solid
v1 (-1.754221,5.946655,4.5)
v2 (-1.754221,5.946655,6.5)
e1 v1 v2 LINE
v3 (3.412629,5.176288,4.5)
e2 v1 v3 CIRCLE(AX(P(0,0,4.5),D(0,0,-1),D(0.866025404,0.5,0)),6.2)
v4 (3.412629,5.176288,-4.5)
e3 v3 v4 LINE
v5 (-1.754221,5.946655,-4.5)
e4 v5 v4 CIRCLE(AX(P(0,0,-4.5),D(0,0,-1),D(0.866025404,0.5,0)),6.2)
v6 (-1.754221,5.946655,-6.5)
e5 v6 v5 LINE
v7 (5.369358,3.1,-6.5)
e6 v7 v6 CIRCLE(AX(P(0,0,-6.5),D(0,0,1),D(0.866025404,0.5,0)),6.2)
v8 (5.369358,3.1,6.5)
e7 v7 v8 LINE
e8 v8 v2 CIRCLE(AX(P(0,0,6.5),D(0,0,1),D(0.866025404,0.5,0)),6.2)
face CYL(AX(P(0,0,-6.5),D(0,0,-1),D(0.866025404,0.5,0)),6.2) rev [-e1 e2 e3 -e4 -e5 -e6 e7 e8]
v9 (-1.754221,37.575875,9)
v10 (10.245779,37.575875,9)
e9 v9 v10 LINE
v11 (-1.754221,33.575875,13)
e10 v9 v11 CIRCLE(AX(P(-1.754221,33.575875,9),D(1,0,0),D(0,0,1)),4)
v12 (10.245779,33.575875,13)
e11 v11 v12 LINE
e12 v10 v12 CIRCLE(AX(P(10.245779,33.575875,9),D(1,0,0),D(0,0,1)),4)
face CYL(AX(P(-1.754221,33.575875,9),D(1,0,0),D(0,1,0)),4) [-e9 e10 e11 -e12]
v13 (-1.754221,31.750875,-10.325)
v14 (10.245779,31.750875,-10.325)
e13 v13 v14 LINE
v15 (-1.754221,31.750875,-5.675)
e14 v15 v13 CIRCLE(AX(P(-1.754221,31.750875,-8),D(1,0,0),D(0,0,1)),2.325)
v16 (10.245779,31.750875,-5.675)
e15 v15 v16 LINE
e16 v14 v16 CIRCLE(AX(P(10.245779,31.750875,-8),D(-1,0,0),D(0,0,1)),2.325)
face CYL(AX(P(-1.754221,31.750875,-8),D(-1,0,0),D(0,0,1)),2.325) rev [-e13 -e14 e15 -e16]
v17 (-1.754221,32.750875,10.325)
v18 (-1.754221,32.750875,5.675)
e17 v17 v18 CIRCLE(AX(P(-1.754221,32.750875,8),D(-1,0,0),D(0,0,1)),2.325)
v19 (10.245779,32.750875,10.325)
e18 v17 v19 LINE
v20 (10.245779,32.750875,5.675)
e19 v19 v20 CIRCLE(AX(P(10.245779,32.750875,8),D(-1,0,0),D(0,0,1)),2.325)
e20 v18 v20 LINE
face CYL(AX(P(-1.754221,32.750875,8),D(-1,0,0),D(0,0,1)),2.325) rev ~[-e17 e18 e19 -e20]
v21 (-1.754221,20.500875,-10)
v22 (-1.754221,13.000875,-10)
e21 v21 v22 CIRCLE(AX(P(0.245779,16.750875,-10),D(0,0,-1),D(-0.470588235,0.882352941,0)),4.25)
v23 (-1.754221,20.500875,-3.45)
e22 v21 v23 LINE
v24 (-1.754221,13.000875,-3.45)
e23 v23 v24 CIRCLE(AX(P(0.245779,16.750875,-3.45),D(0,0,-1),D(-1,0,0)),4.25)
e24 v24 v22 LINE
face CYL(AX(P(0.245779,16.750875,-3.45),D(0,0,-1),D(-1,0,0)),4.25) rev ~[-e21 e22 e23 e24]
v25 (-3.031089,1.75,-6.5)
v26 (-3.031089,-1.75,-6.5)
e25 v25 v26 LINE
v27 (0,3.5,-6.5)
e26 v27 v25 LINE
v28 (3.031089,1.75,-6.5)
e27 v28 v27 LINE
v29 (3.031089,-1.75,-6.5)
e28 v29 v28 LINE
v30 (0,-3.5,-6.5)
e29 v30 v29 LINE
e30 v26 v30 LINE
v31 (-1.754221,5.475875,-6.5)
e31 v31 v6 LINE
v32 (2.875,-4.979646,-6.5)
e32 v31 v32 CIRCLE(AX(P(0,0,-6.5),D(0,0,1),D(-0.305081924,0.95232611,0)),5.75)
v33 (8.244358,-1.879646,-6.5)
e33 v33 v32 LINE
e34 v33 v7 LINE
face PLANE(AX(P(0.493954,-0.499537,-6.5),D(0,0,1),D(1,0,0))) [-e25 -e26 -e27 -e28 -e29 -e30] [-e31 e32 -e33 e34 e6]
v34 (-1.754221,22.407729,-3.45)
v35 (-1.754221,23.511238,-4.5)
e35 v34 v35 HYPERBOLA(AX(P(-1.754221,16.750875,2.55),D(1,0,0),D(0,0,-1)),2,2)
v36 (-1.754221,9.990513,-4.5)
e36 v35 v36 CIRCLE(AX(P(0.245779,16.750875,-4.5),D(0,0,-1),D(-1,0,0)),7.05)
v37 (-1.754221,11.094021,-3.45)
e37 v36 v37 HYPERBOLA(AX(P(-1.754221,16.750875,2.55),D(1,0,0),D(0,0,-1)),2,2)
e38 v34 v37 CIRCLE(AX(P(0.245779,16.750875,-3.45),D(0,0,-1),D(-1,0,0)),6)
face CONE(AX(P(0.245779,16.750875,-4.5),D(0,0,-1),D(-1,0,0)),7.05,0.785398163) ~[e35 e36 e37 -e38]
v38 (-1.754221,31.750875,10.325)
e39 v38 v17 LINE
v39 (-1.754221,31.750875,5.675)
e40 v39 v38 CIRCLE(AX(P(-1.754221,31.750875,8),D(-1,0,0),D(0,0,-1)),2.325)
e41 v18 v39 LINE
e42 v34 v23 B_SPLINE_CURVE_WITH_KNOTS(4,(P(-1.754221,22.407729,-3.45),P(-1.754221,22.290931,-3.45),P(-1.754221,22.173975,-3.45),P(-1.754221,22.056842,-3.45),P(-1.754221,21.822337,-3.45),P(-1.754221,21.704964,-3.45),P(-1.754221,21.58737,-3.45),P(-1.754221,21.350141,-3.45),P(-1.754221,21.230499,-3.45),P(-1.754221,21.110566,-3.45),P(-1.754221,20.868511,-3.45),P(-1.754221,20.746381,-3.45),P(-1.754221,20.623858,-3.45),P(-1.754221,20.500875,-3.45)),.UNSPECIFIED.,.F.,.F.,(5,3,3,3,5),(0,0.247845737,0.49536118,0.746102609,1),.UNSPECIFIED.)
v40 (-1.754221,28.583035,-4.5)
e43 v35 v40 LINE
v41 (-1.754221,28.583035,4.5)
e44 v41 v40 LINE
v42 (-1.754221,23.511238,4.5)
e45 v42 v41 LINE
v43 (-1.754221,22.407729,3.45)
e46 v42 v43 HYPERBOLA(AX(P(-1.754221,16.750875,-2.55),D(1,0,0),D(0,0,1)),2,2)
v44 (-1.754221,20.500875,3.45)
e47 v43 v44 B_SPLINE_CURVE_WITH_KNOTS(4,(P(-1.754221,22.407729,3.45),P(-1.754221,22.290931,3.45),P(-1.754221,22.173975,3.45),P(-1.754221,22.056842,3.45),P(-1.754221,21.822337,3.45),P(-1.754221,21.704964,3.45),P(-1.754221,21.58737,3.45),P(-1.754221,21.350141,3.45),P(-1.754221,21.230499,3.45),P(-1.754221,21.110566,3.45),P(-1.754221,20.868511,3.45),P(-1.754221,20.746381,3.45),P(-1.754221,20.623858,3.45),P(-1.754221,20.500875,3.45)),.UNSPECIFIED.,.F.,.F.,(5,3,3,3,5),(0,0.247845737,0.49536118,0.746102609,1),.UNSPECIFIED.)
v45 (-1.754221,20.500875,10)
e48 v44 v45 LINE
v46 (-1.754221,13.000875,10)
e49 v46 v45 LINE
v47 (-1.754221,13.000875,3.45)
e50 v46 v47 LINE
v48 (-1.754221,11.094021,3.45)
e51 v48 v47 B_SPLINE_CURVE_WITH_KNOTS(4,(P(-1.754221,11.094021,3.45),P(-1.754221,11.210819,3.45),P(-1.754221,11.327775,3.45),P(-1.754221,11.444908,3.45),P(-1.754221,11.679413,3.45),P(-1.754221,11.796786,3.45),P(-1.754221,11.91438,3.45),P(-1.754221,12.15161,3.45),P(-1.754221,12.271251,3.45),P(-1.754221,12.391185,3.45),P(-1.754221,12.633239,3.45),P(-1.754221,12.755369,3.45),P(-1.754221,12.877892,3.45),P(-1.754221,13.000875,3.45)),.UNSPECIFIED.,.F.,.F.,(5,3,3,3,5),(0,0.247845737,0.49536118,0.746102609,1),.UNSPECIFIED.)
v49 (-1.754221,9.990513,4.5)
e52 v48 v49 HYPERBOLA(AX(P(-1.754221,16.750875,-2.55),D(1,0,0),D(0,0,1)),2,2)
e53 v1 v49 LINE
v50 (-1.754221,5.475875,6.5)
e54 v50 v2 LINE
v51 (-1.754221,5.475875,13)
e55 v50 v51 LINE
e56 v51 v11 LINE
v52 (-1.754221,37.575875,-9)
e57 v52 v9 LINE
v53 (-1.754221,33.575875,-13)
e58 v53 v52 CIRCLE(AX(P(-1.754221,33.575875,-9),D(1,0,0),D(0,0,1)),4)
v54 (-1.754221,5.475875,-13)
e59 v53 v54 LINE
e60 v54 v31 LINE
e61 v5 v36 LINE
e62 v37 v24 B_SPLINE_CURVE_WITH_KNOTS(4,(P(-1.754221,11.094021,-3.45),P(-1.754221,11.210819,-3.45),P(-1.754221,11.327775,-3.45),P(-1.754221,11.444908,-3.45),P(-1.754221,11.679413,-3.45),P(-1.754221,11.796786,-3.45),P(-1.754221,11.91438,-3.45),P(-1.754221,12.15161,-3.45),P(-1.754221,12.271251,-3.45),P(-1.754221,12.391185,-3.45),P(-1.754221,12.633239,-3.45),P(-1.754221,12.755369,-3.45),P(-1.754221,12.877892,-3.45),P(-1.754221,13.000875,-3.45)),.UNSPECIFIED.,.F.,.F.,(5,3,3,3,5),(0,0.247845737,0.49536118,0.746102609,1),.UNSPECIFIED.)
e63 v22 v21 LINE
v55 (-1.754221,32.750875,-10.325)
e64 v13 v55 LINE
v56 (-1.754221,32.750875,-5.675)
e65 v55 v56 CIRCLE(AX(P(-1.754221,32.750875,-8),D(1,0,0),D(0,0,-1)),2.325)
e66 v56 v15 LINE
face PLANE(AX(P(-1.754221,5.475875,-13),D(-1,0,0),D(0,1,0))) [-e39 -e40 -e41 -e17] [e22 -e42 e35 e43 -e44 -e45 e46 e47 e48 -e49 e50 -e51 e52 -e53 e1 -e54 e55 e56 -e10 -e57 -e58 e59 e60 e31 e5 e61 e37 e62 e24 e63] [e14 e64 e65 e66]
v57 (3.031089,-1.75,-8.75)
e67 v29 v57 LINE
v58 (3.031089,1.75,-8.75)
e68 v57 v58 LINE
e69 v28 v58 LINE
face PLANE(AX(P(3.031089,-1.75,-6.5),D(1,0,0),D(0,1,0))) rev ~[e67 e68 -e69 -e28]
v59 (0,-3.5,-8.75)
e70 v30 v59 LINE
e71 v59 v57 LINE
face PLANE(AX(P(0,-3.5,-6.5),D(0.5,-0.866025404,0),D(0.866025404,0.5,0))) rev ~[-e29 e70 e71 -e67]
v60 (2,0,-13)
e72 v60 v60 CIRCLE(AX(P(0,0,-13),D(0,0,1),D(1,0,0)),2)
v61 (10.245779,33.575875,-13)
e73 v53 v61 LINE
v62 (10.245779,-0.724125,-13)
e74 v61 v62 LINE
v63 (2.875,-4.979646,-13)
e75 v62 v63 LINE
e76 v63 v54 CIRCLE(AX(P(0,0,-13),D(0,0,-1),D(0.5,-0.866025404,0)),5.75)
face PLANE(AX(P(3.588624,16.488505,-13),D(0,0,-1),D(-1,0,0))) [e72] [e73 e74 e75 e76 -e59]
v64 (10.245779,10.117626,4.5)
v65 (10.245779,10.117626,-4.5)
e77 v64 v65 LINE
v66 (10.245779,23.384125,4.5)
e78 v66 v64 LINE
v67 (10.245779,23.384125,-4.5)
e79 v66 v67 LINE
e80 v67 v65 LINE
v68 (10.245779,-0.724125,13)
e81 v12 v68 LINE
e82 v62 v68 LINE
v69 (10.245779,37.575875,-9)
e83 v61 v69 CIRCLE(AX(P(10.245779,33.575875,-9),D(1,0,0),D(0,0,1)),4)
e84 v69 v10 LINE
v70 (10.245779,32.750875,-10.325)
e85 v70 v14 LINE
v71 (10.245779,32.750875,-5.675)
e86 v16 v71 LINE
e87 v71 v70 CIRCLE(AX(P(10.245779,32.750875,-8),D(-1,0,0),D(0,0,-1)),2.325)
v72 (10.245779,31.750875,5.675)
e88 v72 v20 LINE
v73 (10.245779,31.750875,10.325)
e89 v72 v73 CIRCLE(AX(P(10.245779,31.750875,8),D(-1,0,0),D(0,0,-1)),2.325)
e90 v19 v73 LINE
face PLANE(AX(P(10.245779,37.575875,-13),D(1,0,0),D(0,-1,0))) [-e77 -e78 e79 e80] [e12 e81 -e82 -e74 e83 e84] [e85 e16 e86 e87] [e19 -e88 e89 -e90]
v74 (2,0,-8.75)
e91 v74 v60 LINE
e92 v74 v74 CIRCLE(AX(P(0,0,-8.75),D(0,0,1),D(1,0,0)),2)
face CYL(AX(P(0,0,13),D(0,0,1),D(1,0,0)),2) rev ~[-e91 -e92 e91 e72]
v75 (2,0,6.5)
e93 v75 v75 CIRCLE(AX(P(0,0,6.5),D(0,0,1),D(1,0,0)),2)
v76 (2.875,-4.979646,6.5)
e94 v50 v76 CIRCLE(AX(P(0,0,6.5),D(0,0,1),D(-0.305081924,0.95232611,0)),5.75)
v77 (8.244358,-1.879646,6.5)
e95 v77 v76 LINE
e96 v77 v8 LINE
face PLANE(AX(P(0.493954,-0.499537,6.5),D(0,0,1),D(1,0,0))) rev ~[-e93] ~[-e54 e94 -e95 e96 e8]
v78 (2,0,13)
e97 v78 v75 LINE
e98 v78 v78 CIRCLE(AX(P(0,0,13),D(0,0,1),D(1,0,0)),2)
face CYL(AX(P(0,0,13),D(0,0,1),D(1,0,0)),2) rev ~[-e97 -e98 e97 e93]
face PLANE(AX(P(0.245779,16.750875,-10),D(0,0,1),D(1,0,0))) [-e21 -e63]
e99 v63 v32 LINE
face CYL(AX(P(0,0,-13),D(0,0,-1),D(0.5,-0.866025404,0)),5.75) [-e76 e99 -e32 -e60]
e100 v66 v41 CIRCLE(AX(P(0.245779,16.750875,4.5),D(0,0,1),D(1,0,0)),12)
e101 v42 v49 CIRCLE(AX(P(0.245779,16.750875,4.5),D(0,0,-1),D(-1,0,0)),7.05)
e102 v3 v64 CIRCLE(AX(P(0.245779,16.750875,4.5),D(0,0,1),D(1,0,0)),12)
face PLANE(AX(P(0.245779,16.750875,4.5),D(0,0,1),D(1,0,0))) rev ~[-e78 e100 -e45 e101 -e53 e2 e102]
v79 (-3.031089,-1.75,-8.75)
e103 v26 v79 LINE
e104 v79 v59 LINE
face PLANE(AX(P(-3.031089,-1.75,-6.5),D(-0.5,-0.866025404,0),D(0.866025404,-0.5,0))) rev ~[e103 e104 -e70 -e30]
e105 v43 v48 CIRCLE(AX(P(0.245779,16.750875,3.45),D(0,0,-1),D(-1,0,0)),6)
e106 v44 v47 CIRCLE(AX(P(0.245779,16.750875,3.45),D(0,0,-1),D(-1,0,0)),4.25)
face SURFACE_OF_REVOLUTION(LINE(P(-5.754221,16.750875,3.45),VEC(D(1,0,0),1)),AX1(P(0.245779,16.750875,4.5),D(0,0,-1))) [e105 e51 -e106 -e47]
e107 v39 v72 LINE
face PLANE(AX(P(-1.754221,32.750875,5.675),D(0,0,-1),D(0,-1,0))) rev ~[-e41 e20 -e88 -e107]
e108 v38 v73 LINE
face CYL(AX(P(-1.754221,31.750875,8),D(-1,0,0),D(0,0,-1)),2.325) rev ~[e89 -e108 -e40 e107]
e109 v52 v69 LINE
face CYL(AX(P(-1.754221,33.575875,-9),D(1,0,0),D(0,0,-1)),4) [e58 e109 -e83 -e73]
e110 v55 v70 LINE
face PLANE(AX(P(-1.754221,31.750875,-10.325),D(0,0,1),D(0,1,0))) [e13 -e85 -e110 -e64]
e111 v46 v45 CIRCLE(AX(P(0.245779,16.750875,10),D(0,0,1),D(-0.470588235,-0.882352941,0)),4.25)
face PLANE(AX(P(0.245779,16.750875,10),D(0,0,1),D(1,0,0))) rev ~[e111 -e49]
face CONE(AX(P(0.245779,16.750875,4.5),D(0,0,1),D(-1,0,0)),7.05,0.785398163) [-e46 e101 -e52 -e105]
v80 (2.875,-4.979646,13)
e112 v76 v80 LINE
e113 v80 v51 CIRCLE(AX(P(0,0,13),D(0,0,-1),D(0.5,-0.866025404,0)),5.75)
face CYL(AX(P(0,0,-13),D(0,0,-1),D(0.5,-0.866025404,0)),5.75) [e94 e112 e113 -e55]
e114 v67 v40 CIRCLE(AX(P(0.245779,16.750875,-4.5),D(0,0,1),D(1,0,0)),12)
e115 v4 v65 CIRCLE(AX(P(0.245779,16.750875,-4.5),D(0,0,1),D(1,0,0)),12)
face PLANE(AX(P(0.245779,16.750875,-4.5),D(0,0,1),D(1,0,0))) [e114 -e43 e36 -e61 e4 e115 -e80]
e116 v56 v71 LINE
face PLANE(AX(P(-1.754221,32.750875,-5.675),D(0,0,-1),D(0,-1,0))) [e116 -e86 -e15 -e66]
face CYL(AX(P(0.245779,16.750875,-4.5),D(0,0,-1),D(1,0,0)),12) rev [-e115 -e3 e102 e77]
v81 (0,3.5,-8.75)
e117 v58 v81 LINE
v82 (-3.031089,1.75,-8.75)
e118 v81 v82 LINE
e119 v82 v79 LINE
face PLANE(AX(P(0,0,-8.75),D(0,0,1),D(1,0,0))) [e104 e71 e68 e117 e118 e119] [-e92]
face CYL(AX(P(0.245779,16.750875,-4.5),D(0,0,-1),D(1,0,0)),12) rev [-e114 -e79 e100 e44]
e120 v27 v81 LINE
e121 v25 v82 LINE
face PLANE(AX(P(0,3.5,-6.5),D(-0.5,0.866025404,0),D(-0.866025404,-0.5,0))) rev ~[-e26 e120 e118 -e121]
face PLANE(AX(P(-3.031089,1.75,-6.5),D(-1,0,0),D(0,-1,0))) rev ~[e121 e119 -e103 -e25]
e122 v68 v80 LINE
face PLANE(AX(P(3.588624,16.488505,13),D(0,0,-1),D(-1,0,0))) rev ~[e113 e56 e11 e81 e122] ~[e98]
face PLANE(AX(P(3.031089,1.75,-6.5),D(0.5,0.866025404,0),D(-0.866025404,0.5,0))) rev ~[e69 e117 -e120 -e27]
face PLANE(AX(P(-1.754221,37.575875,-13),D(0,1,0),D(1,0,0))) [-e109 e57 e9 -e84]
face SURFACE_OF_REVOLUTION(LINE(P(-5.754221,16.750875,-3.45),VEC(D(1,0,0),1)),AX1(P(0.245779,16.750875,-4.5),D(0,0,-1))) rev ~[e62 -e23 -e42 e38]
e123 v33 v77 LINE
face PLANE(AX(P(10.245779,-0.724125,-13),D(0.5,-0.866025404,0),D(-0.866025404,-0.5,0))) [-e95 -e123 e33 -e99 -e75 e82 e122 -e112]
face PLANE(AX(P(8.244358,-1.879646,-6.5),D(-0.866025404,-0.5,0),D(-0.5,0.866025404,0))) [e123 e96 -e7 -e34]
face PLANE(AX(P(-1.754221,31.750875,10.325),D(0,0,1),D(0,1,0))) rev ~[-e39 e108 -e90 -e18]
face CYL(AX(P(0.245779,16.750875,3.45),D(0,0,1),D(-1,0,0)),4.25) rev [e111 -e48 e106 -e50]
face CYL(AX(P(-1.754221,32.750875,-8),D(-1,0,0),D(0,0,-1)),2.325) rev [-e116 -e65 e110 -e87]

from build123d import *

# Parameters (mm, degrees)
BOSS_EXTRUDE1_DEPTH      = 13
BOSS_EXTRUDE1_DEPTH_BACK = 13
CUT_EXTRUDE1_DEPTH       = 6.5
CUT_EXTRUDE1_DEPTH_BACK  = 6.5
CUT_EXTRUDE3_DEPTH       = 4.5
CUT_EXTRUDE3_DEPTH_BACK  = 4.5
SKETCH3_R                = 12
CUT_EXTRUDE4_DEPTH       = 10
CUT_EXTRUDE4_DEPTH_BACK  = 10
SKETCH4_R                = 4.25
SKETCH5_R                = 2
CUT_EXTRUDE5_DEPTH       = 47.828649116
SKETCH9_W                = 5.05
SKETCH9_H                = 13.520724833
CUT_EXTRUDE8_DEPTH       = 43.698622671
CUT_EXTRUDE9_DEPTH       = 42.532474067
FILLET1_R                = 4
CUT_EXTRUDE10_DEPTH      = 2.25


with BuildPart() as part:
    # Sketch1 → Boss-Extrude1 (new, two sides: drawn at the far end of the back side and taken through both)
    with BuildSketch(Plane.XY.offset(-BOSS_EXTRUDE1_DEPTH_BACK)):
        with BuildLine():
            Line((-1.754221061, 5.475875133), (-1.754221061, 37.575875133))
            Line((-1.754221061, 37.575875133), (10.245778939, 37.575875133))
            Line((10.245778939, 37.575875133), (10.245778939, -0.724124867))
            Line((10.245778939, -0.724124867), (2.875, -4.979646072))
            ThreePointArc((2.875, -4.979646072), (-5.257710269, -2.327870857), (-1.754221061, 5.475875133))
        make_face()
    extrude(amount=BOSS_EXTRUDE1_DEPTH + BOSS_EXTRUDE1_DEPTH_BACK)

    # Sketch2 → Cut-Extrude1 (cut, two sides: drawn at the far end of the back side and taken through both)
    with BuildSketch(Plane.XY.offset(-CUT_EXTRUDE1_DEPTH_BACK)):
        with BuildLine():
            Line((8.244357503, -1.879646072), (5.369357503, 3.1))
            ThreePointArc((5.369357503, 3.1), (2.300687806, 5.757328862), (-1.754221061, 5.946655234))
            Line((-1.754221061, 5.946655234), (-5.75, 5.946655234))
            Line((-5.75, 5.946655234), (-5.75, -5.75))
            Line((-5.75, -5.75), (8.244357503, -5.75))
            Line((8.244357503, -5.75), (8.244357503, -1.879646072))
        make_face()
    extrude(amount=CUT_EXTRUDE1_DEPTH + CUT_EXTRUDE1_DEPTH_BACK, mode=Mode.SUBTRACT)

    # Sketch3 → Cut-Extrude3 (cut, two sides: drawn at the far end of the back side and taken through both)
    with BuildSketch(Plane.XY.offset(-CUT_EXTRUDE3_DEPTH_BACK)):
        with Locations((0.245778939, 16.750875133)):
            Circle(SKETCH3_R)
    extrude(amount=CUT_EXTRUDE3_DEPTH + CUT_EXTRUDE3_DEPTH_BACK, mode=Mode.SUBTRACT)

    # Sketch4 → Cut-Extrude4 (cut, two sides: drawn at the far end of the back side and taken through both)
    with BuildSketch(Plane.XY.offset(-CUT_EXTRUDE4_DEPTH_BACK)):
        with Locations((0.245778939, 16.750875133)):
            Circle(SKETCH4_R)
    extrude(amount=CUT_EXTRUDE4_DEPTH + CUT_EXTRUDE4_DEPTH_BACK, mode=Mode.SUBTRACT)

    # Sketch5 → Cut-Extrude5 (cut, through all)
    with BuildSketch(Plane.XY.offset(13)):
        Circle(SKETCH5_R)
    extrude(amount=-CUT_EXTRUDE5_DEPTH, mode=Mode.SUBTRACT)

    # Sweep4: sweep along a path in Sketch8
    with BuildLine(Plane(origin=(0, 0, 4.5), x_dir=(-1, 0, 0), z_dir=(0, 0, -1))) as sweep4_path:
        CenterArc((-0.245778939, 16.750875133), 4.25, 0, 360)
    # 3DSketch3 → Sweep4 (sweep)
    with BuildSketch(Plane(origin=(4.495778939, 16.750875133, 4.5), x_dir=(1, 0, 0), z_dir=(0, 1, 0))):
        Polygon((0, 0), (2.8, 0), (1.75, 1.05), (0, 1.05), align=None)
    sweep4 = sweep(path=sweep4_path.line)

    # Mirror10: Sweep4 across plane
    add(sweep4.mirror(Plane.XY))

    # Sketch9 → Cut-Extrude8 (cut, through all)
    with BuildSketch(Plane(origin=(0, 0, 4.5), x_dir=(-1, 0, 0), z_dir=(0, 0, -1))):
        with Locations((4.279221061, 16.750875132)):
            Rectangle(SKETCH9_W, SKETCH9_H)
    extrude(amount=CUT_EXTRUDE8_DEPTH, mode=Mode.SUBTRACT)

    # Sketch10 → Cut-Extrude9 (cut, through all)
    with BuildSketch(Plane.ZY.offset(1.754221061)):
        with BuildLine():
            Line((-5.675, 32.750875133), (-5.675, 31.750875133))
            ThreePointArc((-5.675, 31.750875133), (-8, 29.425875133), (-10.325, 31.750875133))
            Line((-10.325, 31.750875133), (-10.325, 32.750875133))
            ThreePointArc((-10.325, 32.750875133), (-8, 35.075875133), (-5.675, 32.750875133))
        make_face()
        with BuildLine():
            Line((5.675, 32.750875133), (5.675, 31.750875133))
            ThreePointArc((5.675, 31.750875133), (8, 29.425875133), (10.325, 31.750875133))
            Line((10.325, 31.750875133), (10.325, 32.750875133))
            ThreePointArc((10.325, 32.750875133), (8, 35.075875133), (5.675, 32.750875133))
        make_face()
    extrude(amount=-CUT_EXTRUDE9_DEPTH, mode=Mode.SUBTRACT)

    # Fillet1
    fillet1_edges = [part.edges().sort_by_distance(p)[0] for p in [
        (4.245778939, 37.575875133, -13),
        (4.245778939, 37.575875133, 13),
    ]]
    fillet(fillet1_edges, radius=FILLET1_R)

    # Sketch11 → Cut-Extrude10 (cut)
    with BuildSketch(Plane.XY.offset(-6.5)):
        Polygon((0, 3.5), (-3.031088913, 1.75), (-3.031088913, -1.75), (0, -3.5), (3.031088913, -1.75), (3.031088913, 1.75), align=None)
    extrude(amount=-CUT_EXTRUDE10_DEPTH, mode=Mode.SUBTRACT)


solid = part.part
